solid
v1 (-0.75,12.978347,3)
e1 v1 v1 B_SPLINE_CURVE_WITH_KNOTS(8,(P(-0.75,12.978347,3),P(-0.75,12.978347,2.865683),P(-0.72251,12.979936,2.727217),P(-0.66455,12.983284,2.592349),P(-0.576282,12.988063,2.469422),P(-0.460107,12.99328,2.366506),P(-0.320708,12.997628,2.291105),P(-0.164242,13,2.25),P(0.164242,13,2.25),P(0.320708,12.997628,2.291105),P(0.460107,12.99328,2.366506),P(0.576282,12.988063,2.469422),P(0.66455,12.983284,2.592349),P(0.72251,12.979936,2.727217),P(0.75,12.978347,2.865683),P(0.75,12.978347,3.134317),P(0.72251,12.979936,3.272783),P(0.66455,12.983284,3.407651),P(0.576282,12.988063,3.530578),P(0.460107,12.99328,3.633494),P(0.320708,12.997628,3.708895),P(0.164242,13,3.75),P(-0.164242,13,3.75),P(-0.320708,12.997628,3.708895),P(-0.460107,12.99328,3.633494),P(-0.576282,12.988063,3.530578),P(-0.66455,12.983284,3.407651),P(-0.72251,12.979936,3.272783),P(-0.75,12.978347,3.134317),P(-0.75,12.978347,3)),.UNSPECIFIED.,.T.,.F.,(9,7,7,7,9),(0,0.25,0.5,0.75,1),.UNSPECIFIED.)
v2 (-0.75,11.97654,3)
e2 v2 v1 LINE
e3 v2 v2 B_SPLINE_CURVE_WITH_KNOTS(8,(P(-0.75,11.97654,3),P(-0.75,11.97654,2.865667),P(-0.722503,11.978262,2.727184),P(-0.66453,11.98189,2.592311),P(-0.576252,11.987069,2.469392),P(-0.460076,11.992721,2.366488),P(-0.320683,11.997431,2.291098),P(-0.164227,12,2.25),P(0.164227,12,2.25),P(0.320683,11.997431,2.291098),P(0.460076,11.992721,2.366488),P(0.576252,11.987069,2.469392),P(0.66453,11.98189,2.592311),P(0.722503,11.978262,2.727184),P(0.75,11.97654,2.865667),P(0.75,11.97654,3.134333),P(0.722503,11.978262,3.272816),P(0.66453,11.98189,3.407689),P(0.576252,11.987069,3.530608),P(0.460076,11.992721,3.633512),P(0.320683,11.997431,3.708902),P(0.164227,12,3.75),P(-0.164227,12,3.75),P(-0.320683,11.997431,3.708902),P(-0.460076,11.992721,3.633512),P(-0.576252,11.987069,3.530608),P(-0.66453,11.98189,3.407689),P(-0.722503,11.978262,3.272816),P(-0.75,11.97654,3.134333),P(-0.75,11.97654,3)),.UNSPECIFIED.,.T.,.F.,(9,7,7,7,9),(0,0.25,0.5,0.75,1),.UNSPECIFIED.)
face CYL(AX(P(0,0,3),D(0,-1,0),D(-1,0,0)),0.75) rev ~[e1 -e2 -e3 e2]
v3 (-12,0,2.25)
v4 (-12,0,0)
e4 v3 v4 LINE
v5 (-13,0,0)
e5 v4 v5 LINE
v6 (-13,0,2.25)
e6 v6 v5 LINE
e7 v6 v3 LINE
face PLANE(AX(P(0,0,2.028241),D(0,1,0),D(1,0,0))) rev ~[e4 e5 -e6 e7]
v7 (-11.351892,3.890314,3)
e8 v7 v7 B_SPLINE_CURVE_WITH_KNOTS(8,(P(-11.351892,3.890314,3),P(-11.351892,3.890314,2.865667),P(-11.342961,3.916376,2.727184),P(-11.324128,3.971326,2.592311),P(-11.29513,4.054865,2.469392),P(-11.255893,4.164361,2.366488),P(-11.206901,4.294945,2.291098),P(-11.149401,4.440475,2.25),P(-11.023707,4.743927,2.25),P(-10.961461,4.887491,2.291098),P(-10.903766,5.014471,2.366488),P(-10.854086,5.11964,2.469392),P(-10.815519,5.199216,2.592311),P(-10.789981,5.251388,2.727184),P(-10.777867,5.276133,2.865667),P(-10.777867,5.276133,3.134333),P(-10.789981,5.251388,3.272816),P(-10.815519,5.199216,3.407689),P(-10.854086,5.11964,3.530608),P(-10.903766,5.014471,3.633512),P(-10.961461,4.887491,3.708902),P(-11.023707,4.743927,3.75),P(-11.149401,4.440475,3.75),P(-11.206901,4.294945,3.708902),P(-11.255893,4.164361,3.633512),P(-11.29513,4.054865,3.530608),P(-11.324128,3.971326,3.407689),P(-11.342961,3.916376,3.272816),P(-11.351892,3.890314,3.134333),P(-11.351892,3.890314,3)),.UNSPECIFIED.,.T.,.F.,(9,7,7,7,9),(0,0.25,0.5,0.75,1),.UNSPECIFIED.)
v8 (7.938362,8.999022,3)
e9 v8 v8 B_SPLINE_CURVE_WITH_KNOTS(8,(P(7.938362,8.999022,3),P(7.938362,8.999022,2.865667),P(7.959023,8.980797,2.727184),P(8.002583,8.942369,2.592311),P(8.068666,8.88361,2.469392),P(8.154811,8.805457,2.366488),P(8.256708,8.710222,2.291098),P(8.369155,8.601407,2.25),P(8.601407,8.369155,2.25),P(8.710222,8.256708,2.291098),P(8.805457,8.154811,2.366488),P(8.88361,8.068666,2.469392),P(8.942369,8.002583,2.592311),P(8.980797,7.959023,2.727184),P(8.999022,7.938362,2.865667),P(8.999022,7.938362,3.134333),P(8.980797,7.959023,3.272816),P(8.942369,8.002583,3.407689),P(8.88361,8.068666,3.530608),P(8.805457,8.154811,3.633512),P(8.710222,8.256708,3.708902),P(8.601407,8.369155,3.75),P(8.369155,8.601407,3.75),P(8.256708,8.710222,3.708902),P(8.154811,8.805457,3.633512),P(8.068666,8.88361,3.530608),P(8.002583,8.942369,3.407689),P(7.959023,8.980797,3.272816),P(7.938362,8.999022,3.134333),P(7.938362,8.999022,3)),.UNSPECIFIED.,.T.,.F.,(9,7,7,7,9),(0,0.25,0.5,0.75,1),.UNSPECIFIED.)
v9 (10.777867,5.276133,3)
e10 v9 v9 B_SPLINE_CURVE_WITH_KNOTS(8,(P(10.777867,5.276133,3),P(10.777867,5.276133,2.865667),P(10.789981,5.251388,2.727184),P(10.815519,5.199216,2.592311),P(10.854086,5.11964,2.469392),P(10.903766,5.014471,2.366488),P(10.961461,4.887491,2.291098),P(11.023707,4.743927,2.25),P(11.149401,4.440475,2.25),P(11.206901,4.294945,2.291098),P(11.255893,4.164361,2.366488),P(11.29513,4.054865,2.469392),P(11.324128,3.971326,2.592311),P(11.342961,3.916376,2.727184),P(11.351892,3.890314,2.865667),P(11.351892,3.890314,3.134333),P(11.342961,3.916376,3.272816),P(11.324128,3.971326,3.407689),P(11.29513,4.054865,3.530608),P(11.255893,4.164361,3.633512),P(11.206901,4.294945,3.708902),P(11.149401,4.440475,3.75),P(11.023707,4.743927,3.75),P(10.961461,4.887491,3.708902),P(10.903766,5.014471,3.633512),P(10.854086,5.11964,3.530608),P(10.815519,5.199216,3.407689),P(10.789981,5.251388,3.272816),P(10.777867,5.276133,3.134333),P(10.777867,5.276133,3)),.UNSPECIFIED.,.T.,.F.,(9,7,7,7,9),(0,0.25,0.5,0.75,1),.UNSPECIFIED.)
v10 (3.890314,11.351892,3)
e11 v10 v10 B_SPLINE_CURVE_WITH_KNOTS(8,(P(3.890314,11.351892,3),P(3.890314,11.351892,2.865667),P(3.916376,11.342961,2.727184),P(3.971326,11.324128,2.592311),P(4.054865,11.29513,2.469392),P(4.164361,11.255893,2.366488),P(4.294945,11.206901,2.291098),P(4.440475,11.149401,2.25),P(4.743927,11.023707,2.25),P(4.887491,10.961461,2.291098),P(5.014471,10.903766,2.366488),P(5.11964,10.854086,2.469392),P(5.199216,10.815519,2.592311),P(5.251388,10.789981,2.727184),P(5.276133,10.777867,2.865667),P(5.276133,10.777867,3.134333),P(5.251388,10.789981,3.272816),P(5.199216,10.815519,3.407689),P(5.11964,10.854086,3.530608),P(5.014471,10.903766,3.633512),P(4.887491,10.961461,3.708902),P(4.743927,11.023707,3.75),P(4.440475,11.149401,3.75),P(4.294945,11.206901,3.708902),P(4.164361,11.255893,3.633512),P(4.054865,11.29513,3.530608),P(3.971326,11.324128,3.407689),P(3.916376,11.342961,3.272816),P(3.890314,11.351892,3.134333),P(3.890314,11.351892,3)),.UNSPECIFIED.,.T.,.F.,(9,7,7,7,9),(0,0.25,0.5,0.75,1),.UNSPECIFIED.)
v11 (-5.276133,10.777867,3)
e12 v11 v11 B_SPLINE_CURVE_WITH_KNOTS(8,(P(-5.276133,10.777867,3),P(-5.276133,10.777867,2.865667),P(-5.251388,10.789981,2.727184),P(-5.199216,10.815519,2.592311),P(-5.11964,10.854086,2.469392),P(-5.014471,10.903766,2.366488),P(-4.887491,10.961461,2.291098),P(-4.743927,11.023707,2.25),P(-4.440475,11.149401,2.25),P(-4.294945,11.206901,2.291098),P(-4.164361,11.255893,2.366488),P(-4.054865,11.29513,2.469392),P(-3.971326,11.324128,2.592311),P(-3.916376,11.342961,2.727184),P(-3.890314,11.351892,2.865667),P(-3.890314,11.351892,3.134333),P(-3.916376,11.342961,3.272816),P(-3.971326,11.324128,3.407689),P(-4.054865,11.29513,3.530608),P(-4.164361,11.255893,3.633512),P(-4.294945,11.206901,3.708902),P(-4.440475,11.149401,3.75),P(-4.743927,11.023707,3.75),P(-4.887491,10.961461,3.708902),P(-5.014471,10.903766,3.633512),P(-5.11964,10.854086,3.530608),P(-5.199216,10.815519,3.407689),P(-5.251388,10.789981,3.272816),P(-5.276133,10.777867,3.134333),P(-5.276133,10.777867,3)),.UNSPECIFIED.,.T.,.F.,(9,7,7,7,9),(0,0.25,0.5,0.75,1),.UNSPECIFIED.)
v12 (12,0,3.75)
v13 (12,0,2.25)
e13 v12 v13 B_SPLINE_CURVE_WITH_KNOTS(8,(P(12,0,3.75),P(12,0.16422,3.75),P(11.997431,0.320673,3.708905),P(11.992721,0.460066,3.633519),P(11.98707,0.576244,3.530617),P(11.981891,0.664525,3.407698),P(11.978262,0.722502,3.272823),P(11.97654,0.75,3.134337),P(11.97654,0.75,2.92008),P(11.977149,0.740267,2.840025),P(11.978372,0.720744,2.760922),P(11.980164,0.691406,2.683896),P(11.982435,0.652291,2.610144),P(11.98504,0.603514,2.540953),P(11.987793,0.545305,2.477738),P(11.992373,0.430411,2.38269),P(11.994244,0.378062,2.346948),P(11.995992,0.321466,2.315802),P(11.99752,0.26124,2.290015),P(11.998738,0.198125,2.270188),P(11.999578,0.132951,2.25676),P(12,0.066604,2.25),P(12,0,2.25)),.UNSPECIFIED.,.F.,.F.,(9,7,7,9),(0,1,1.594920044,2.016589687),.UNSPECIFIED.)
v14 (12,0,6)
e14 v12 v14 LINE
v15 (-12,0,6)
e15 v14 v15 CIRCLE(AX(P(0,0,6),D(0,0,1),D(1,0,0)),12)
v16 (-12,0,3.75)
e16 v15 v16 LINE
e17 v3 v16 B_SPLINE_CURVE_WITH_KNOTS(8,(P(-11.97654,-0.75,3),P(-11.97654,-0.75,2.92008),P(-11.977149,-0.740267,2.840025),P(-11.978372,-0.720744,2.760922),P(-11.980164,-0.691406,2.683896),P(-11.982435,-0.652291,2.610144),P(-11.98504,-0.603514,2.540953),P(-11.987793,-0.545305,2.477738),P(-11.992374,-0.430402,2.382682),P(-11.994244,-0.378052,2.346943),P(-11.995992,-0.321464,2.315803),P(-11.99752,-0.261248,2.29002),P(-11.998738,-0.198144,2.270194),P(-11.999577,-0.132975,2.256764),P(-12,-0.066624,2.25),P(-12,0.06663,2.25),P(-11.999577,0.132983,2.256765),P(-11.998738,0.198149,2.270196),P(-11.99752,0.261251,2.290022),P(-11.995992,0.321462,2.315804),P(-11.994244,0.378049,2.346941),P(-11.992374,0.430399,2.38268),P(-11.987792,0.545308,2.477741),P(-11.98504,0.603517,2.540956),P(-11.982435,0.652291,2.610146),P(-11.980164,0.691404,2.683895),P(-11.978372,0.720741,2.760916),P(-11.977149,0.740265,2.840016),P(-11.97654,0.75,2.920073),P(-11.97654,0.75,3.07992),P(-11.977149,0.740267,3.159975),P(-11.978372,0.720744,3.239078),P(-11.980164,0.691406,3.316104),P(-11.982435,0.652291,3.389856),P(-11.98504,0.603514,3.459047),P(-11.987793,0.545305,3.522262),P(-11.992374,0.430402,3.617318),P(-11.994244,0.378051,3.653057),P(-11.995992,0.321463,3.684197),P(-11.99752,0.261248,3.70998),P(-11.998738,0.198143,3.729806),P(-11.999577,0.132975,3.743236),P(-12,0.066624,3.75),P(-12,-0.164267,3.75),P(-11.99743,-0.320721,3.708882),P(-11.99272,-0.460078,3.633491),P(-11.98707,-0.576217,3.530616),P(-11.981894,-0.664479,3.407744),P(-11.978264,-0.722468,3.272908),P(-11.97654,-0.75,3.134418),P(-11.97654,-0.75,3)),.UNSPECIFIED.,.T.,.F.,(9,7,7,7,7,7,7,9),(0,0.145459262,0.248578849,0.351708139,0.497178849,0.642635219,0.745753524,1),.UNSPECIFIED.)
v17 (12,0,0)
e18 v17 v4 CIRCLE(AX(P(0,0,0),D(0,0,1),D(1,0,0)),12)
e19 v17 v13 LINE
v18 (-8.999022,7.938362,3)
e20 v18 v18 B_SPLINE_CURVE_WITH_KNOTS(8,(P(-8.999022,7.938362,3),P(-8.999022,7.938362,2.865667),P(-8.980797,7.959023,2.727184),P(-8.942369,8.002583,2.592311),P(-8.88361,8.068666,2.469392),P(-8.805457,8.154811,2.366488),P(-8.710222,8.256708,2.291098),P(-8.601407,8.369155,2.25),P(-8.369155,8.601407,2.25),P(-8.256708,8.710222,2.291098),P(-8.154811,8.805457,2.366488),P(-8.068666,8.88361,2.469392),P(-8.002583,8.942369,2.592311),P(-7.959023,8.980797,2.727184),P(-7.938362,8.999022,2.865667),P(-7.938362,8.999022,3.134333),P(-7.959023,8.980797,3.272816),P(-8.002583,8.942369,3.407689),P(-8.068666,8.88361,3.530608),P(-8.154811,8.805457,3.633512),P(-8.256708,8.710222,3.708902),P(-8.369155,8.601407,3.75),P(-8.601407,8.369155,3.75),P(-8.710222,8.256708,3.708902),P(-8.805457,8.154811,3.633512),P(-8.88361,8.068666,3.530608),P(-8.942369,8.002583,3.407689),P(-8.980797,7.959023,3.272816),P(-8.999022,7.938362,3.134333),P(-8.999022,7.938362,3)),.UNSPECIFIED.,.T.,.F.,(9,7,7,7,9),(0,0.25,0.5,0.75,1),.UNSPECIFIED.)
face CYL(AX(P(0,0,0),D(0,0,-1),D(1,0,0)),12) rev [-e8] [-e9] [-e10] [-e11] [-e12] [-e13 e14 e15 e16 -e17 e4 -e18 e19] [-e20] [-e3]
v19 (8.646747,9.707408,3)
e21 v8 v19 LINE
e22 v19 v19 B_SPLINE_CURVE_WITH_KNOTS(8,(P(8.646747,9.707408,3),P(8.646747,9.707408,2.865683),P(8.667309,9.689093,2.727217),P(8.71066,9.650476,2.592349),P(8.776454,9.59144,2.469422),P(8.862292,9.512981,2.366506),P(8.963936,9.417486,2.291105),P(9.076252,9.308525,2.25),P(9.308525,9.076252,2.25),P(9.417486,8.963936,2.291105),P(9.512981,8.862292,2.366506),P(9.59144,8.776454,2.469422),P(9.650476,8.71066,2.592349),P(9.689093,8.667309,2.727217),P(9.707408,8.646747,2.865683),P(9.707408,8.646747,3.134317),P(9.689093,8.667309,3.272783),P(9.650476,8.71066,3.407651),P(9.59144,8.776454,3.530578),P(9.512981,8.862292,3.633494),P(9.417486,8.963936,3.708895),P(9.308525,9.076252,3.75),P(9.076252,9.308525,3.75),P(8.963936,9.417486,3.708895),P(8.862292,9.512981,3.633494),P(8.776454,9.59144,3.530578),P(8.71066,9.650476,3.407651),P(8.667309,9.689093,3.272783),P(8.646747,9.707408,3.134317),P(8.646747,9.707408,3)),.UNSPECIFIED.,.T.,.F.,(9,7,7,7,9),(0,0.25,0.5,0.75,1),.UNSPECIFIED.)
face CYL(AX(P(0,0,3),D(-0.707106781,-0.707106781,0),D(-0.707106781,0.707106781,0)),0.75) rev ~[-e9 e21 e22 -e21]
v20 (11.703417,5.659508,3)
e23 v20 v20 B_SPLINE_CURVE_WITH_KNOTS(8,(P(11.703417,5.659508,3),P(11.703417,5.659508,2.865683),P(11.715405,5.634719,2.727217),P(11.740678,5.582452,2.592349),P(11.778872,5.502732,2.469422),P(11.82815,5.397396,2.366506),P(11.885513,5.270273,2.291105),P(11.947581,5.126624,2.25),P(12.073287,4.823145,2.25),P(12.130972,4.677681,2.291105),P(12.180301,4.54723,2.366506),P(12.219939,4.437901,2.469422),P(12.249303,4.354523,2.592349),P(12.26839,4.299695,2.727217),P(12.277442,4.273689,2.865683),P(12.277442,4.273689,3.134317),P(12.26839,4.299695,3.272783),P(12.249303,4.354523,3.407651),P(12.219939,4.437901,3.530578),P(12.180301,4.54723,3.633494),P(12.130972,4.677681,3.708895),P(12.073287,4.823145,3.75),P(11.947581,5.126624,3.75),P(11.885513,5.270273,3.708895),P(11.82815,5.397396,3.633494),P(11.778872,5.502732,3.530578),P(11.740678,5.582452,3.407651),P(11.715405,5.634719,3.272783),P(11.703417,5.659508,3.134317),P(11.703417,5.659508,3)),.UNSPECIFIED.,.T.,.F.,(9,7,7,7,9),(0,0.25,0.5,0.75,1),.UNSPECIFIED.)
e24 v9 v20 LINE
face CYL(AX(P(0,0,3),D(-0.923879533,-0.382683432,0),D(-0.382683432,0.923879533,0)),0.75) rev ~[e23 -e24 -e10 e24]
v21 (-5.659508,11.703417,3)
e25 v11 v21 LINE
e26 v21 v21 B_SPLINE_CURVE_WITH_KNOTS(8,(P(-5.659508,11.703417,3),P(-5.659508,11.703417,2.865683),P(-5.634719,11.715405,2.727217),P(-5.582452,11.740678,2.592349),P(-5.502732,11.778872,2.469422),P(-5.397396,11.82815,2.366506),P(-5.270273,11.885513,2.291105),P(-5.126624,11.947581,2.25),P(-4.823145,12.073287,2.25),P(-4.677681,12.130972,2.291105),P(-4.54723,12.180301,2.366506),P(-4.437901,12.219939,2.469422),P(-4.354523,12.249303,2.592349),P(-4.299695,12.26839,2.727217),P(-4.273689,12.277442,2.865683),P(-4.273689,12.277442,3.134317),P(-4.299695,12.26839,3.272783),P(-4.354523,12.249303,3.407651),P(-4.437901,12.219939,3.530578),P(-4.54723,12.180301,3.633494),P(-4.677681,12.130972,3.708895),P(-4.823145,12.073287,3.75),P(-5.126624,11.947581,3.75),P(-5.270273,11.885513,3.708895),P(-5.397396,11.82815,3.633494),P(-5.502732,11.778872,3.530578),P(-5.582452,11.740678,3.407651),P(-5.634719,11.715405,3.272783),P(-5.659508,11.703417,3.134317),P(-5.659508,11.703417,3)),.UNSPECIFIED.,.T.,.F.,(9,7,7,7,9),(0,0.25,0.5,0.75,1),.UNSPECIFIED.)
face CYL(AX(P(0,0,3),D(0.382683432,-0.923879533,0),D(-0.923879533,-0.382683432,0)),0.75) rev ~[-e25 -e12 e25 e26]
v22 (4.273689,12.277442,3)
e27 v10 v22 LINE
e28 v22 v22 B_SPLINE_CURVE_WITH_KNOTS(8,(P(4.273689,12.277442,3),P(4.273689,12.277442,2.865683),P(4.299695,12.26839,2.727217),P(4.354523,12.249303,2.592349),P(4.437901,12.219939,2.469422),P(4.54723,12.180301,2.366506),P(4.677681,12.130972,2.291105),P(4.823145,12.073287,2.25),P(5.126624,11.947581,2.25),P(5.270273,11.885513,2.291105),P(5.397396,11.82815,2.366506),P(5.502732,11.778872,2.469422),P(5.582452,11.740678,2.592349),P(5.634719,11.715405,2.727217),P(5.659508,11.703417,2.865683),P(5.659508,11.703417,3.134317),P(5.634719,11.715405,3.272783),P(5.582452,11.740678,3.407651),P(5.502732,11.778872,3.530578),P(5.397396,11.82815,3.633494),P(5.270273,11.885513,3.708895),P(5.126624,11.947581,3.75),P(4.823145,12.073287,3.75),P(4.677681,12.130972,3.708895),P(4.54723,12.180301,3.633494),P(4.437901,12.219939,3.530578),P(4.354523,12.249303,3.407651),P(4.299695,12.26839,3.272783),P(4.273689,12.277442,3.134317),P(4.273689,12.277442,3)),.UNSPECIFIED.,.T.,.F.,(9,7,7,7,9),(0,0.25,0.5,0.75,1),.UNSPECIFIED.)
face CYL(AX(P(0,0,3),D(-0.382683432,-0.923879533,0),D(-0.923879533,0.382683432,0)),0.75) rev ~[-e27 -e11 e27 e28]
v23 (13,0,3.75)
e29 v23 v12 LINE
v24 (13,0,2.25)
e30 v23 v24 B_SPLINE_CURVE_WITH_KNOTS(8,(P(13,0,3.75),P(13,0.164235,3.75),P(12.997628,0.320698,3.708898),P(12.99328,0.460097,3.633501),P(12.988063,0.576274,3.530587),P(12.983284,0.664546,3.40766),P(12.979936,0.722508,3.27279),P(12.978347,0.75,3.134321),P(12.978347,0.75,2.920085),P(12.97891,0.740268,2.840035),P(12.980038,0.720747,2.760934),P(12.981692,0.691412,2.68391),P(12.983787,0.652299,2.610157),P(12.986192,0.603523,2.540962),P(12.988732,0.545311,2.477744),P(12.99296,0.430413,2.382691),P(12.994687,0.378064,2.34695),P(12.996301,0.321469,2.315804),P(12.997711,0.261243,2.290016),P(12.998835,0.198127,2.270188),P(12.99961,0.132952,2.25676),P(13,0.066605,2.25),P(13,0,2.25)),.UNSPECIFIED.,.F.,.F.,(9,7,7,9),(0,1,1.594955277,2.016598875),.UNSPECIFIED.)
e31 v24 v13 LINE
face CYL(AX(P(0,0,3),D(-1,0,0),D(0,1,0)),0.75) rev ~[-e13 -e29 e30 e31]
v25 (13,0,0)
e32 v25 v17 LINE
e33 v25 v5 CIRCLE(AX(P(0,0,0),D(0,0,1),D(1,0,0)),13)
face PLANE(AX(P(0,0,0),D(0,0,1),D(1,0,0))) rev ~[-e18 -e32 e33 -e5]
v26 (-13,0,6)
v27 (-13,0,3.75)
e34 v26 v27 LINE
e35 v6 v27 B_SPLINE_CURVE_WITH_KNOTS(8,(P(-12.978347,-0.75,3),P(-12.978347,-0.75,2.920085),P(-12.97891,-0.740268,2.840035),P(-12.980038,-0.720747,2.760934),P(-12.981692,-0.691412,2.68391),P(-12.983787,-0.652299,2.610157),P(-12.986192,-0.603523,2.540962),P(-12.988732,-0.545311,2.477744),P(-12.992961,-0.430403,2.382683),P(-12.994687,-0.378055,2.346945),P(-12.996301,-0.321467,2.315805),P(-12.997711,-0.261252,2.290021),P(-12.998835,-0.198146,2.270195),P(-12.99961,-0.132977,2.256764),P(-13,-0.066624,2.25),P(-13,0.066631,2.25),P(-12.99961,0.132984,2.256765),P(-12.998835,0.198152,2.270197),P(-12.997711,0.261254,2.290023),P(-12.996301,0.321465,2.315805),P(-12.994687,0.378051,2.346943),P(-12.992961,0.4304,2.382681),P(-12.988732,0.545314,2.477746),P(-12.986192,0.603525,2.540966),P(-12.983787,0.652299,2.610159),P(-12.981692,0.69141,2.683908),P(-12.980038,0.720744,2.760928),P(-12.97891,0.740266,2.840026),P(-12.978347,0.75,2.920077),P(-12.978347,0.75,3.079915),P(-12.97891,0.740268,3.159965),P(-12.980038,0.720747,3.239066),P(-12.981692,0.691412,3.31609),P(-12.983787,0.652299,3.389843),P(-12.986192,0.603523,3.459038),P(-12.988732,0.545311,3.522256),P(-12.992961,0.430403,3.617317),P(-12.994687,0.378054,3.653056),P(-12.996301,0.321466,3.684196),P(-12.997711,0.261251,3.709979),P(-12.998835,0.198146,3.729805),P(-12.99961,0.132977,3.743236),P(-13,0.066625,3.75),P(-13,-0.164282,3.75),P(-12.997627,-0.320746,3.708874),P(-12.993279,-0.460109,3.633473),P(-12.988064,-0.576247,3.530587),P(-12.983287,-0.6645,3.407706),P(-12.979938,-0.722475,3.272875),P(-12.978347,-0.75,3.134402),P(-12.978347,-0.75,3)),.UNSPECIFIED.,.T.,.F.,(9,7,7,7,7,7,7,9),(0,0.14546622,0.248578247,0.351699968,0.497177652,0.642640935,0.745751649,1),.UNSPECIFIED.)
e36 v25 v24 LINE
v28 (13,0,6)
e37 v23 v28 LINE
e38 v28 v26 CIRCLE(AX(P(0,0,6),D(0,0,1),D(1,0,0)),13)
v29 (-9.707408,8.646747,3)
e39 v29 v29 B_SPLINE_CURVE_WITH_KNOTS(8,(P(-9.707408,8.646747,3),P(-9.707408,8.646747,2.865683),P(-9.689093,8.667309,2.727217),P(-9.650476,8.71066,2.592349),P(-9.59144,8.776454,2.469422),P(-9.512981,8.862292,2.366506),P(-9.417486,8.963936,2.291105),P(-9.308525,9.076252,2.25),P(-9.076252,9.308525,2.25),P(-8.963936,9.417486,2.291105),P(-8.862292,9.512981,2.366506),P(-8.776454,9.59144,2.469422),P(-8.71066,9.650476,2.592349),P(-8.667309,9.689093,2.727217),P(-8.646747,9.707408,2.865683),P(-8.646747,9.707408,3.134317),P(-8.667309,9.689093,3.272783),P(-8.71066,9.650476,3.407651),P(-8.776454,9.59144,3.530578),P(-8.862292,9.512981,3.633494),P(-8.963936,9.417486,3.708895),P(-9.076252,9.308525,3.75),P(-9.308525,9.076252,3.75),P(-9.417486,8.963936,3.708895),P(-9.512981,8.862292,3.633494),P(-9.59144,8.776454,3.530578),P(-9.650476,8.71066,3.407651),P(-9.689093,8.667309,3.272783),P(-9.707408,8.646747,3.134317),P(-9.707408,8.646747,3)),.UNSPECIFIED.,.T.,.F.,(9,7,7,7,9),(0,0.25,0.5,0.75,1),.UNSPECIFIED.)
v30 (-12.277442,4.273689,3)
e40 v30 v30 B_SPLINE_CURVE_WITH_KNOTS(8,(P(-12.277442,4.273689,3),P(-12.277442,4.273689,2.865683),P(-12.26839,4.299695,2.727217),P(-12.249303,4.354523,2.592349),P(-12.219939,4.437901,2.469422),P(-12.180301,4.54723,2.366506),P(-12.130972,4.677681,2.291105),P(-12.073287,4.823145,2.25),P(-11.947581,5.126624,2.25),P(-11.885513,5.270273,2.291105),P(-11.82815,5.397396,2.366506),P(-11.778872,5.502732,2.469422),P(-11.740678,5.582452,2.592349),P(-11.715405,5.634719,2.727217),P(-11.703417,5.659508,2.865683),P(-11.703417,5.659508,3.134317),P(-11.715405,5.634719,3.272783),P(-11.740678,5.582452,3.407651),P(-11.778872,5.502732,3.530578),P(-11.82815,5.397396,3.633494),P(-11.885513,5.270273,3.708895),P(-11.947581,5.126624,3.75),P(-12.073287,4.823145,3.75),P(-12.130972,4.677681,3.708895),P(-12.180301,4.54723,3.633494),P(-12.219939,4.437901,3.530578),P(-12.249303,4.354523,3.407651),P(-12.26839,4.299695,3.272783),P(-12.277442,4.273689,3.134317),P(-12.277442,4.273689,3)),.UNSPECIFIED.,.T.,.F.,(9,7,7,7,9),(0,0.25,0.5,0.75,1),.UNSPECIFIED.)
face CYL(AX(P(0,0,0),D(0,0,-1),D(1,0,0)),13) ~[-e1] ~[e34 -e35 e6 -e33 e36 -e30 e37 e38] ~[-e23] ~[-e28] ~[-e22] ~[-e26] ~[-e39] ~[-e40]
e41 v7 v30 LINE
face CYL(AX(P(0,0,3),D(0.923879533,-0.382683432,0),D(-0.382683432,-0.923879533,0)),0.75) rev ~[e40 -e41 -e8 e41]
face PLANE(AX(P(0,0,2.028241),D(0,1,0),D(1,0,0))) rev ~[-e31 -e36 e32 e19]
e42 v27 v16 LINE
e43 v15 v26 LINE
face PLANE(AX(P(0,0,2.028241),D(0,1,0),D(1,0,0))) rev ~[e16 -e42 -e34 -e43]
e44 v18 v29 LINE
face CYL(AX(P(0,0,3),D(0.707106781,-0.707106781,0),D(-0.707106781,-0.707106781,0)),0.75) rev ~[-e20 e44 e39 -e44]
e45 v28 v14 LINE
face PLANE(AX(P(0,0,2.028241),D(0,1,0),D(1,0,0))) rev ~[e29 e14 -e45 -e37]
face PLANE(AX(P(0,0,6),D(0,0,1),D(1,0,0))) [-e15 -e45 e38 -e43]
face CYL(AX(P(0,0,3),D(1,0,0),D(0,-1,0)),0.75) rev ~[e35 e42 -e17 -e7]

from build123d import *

# Parameters (mm, degrees)
SKETCH_1_R               = 13
SKETCH_1_R_2             = 12
EXTRUDE_1_DEPTH          = 6
SKETCH_2_R               = 0.75
CUT_EXTRUDE_1_DEPTH      = 14
PATTERN_CIRCULAR_1_COUNT = 16
SKETCH_3_W               = 36.79853237
SKETCH_3_H               = 11.94610836
CUT_EXTRUDE_2_DEPTH      = 14.0000001


with BuildPart() as part:
    # ｽｹｯﾁ1 → ﾎﾞｽ - 押し出し1 (new body)
    with BuildSketch(Plane.XY):
        Circle(SKETCH_1_R)
        Circle(SKETCH_1_R_2, mode=Mode.SUBTRACT)
    extrude(amount=EXTRUDE_1_DEPTH)

    # ｽｹｯﾁ2 → ｶｯﾄ - 押し出し1 (cut, through all)
    with BuildSketch(Plane(origin=(0, 0, 0), x_dir=(1, 0, 0), z_dir=(0, 1, 0))):
        with Locations((0, -3)):
            Circle(SKETCH_2_R)
    cut_extrude_1 = extrude(amount=-CUT_EXTRUDE_1_DEPTH, mode=Mode.SUBTRACT)

    # 円形ﾊﾟﾀｰﾝ1: ｶｯﾄ - 押し出し1 ×16 about axis
    pattern_circular_1_axis = Axis((0, 0, 0), (0, 0, 1))
    for i in range(1, PATTERN_CIRCULAR_1_COUNT):
        add(cut_extrude_1.rotate(pattern_circular_1_axis, i * 360 / PATTERN_CIRCULAR_1_COUNT), mode=Mode.SUBTRACT)

    # ｽｹｯﾁ3 → ｶｯﾄ - 押し出し2 (cut, through all)
    with BuildSketch(Plane(origin=(0, 0, 0), x_dir=(1, 0, 0), z_dir=(0, 1, 0))):
        with Locations((0, -2.028241391)):
            Rectangle(SKETCH_3_W, SKETCH_3_H)
    extrude(amount=-CUT_EXTRUDE_2_DEPTH, mode=Mode.SUBTRACT)


solid = part.part
